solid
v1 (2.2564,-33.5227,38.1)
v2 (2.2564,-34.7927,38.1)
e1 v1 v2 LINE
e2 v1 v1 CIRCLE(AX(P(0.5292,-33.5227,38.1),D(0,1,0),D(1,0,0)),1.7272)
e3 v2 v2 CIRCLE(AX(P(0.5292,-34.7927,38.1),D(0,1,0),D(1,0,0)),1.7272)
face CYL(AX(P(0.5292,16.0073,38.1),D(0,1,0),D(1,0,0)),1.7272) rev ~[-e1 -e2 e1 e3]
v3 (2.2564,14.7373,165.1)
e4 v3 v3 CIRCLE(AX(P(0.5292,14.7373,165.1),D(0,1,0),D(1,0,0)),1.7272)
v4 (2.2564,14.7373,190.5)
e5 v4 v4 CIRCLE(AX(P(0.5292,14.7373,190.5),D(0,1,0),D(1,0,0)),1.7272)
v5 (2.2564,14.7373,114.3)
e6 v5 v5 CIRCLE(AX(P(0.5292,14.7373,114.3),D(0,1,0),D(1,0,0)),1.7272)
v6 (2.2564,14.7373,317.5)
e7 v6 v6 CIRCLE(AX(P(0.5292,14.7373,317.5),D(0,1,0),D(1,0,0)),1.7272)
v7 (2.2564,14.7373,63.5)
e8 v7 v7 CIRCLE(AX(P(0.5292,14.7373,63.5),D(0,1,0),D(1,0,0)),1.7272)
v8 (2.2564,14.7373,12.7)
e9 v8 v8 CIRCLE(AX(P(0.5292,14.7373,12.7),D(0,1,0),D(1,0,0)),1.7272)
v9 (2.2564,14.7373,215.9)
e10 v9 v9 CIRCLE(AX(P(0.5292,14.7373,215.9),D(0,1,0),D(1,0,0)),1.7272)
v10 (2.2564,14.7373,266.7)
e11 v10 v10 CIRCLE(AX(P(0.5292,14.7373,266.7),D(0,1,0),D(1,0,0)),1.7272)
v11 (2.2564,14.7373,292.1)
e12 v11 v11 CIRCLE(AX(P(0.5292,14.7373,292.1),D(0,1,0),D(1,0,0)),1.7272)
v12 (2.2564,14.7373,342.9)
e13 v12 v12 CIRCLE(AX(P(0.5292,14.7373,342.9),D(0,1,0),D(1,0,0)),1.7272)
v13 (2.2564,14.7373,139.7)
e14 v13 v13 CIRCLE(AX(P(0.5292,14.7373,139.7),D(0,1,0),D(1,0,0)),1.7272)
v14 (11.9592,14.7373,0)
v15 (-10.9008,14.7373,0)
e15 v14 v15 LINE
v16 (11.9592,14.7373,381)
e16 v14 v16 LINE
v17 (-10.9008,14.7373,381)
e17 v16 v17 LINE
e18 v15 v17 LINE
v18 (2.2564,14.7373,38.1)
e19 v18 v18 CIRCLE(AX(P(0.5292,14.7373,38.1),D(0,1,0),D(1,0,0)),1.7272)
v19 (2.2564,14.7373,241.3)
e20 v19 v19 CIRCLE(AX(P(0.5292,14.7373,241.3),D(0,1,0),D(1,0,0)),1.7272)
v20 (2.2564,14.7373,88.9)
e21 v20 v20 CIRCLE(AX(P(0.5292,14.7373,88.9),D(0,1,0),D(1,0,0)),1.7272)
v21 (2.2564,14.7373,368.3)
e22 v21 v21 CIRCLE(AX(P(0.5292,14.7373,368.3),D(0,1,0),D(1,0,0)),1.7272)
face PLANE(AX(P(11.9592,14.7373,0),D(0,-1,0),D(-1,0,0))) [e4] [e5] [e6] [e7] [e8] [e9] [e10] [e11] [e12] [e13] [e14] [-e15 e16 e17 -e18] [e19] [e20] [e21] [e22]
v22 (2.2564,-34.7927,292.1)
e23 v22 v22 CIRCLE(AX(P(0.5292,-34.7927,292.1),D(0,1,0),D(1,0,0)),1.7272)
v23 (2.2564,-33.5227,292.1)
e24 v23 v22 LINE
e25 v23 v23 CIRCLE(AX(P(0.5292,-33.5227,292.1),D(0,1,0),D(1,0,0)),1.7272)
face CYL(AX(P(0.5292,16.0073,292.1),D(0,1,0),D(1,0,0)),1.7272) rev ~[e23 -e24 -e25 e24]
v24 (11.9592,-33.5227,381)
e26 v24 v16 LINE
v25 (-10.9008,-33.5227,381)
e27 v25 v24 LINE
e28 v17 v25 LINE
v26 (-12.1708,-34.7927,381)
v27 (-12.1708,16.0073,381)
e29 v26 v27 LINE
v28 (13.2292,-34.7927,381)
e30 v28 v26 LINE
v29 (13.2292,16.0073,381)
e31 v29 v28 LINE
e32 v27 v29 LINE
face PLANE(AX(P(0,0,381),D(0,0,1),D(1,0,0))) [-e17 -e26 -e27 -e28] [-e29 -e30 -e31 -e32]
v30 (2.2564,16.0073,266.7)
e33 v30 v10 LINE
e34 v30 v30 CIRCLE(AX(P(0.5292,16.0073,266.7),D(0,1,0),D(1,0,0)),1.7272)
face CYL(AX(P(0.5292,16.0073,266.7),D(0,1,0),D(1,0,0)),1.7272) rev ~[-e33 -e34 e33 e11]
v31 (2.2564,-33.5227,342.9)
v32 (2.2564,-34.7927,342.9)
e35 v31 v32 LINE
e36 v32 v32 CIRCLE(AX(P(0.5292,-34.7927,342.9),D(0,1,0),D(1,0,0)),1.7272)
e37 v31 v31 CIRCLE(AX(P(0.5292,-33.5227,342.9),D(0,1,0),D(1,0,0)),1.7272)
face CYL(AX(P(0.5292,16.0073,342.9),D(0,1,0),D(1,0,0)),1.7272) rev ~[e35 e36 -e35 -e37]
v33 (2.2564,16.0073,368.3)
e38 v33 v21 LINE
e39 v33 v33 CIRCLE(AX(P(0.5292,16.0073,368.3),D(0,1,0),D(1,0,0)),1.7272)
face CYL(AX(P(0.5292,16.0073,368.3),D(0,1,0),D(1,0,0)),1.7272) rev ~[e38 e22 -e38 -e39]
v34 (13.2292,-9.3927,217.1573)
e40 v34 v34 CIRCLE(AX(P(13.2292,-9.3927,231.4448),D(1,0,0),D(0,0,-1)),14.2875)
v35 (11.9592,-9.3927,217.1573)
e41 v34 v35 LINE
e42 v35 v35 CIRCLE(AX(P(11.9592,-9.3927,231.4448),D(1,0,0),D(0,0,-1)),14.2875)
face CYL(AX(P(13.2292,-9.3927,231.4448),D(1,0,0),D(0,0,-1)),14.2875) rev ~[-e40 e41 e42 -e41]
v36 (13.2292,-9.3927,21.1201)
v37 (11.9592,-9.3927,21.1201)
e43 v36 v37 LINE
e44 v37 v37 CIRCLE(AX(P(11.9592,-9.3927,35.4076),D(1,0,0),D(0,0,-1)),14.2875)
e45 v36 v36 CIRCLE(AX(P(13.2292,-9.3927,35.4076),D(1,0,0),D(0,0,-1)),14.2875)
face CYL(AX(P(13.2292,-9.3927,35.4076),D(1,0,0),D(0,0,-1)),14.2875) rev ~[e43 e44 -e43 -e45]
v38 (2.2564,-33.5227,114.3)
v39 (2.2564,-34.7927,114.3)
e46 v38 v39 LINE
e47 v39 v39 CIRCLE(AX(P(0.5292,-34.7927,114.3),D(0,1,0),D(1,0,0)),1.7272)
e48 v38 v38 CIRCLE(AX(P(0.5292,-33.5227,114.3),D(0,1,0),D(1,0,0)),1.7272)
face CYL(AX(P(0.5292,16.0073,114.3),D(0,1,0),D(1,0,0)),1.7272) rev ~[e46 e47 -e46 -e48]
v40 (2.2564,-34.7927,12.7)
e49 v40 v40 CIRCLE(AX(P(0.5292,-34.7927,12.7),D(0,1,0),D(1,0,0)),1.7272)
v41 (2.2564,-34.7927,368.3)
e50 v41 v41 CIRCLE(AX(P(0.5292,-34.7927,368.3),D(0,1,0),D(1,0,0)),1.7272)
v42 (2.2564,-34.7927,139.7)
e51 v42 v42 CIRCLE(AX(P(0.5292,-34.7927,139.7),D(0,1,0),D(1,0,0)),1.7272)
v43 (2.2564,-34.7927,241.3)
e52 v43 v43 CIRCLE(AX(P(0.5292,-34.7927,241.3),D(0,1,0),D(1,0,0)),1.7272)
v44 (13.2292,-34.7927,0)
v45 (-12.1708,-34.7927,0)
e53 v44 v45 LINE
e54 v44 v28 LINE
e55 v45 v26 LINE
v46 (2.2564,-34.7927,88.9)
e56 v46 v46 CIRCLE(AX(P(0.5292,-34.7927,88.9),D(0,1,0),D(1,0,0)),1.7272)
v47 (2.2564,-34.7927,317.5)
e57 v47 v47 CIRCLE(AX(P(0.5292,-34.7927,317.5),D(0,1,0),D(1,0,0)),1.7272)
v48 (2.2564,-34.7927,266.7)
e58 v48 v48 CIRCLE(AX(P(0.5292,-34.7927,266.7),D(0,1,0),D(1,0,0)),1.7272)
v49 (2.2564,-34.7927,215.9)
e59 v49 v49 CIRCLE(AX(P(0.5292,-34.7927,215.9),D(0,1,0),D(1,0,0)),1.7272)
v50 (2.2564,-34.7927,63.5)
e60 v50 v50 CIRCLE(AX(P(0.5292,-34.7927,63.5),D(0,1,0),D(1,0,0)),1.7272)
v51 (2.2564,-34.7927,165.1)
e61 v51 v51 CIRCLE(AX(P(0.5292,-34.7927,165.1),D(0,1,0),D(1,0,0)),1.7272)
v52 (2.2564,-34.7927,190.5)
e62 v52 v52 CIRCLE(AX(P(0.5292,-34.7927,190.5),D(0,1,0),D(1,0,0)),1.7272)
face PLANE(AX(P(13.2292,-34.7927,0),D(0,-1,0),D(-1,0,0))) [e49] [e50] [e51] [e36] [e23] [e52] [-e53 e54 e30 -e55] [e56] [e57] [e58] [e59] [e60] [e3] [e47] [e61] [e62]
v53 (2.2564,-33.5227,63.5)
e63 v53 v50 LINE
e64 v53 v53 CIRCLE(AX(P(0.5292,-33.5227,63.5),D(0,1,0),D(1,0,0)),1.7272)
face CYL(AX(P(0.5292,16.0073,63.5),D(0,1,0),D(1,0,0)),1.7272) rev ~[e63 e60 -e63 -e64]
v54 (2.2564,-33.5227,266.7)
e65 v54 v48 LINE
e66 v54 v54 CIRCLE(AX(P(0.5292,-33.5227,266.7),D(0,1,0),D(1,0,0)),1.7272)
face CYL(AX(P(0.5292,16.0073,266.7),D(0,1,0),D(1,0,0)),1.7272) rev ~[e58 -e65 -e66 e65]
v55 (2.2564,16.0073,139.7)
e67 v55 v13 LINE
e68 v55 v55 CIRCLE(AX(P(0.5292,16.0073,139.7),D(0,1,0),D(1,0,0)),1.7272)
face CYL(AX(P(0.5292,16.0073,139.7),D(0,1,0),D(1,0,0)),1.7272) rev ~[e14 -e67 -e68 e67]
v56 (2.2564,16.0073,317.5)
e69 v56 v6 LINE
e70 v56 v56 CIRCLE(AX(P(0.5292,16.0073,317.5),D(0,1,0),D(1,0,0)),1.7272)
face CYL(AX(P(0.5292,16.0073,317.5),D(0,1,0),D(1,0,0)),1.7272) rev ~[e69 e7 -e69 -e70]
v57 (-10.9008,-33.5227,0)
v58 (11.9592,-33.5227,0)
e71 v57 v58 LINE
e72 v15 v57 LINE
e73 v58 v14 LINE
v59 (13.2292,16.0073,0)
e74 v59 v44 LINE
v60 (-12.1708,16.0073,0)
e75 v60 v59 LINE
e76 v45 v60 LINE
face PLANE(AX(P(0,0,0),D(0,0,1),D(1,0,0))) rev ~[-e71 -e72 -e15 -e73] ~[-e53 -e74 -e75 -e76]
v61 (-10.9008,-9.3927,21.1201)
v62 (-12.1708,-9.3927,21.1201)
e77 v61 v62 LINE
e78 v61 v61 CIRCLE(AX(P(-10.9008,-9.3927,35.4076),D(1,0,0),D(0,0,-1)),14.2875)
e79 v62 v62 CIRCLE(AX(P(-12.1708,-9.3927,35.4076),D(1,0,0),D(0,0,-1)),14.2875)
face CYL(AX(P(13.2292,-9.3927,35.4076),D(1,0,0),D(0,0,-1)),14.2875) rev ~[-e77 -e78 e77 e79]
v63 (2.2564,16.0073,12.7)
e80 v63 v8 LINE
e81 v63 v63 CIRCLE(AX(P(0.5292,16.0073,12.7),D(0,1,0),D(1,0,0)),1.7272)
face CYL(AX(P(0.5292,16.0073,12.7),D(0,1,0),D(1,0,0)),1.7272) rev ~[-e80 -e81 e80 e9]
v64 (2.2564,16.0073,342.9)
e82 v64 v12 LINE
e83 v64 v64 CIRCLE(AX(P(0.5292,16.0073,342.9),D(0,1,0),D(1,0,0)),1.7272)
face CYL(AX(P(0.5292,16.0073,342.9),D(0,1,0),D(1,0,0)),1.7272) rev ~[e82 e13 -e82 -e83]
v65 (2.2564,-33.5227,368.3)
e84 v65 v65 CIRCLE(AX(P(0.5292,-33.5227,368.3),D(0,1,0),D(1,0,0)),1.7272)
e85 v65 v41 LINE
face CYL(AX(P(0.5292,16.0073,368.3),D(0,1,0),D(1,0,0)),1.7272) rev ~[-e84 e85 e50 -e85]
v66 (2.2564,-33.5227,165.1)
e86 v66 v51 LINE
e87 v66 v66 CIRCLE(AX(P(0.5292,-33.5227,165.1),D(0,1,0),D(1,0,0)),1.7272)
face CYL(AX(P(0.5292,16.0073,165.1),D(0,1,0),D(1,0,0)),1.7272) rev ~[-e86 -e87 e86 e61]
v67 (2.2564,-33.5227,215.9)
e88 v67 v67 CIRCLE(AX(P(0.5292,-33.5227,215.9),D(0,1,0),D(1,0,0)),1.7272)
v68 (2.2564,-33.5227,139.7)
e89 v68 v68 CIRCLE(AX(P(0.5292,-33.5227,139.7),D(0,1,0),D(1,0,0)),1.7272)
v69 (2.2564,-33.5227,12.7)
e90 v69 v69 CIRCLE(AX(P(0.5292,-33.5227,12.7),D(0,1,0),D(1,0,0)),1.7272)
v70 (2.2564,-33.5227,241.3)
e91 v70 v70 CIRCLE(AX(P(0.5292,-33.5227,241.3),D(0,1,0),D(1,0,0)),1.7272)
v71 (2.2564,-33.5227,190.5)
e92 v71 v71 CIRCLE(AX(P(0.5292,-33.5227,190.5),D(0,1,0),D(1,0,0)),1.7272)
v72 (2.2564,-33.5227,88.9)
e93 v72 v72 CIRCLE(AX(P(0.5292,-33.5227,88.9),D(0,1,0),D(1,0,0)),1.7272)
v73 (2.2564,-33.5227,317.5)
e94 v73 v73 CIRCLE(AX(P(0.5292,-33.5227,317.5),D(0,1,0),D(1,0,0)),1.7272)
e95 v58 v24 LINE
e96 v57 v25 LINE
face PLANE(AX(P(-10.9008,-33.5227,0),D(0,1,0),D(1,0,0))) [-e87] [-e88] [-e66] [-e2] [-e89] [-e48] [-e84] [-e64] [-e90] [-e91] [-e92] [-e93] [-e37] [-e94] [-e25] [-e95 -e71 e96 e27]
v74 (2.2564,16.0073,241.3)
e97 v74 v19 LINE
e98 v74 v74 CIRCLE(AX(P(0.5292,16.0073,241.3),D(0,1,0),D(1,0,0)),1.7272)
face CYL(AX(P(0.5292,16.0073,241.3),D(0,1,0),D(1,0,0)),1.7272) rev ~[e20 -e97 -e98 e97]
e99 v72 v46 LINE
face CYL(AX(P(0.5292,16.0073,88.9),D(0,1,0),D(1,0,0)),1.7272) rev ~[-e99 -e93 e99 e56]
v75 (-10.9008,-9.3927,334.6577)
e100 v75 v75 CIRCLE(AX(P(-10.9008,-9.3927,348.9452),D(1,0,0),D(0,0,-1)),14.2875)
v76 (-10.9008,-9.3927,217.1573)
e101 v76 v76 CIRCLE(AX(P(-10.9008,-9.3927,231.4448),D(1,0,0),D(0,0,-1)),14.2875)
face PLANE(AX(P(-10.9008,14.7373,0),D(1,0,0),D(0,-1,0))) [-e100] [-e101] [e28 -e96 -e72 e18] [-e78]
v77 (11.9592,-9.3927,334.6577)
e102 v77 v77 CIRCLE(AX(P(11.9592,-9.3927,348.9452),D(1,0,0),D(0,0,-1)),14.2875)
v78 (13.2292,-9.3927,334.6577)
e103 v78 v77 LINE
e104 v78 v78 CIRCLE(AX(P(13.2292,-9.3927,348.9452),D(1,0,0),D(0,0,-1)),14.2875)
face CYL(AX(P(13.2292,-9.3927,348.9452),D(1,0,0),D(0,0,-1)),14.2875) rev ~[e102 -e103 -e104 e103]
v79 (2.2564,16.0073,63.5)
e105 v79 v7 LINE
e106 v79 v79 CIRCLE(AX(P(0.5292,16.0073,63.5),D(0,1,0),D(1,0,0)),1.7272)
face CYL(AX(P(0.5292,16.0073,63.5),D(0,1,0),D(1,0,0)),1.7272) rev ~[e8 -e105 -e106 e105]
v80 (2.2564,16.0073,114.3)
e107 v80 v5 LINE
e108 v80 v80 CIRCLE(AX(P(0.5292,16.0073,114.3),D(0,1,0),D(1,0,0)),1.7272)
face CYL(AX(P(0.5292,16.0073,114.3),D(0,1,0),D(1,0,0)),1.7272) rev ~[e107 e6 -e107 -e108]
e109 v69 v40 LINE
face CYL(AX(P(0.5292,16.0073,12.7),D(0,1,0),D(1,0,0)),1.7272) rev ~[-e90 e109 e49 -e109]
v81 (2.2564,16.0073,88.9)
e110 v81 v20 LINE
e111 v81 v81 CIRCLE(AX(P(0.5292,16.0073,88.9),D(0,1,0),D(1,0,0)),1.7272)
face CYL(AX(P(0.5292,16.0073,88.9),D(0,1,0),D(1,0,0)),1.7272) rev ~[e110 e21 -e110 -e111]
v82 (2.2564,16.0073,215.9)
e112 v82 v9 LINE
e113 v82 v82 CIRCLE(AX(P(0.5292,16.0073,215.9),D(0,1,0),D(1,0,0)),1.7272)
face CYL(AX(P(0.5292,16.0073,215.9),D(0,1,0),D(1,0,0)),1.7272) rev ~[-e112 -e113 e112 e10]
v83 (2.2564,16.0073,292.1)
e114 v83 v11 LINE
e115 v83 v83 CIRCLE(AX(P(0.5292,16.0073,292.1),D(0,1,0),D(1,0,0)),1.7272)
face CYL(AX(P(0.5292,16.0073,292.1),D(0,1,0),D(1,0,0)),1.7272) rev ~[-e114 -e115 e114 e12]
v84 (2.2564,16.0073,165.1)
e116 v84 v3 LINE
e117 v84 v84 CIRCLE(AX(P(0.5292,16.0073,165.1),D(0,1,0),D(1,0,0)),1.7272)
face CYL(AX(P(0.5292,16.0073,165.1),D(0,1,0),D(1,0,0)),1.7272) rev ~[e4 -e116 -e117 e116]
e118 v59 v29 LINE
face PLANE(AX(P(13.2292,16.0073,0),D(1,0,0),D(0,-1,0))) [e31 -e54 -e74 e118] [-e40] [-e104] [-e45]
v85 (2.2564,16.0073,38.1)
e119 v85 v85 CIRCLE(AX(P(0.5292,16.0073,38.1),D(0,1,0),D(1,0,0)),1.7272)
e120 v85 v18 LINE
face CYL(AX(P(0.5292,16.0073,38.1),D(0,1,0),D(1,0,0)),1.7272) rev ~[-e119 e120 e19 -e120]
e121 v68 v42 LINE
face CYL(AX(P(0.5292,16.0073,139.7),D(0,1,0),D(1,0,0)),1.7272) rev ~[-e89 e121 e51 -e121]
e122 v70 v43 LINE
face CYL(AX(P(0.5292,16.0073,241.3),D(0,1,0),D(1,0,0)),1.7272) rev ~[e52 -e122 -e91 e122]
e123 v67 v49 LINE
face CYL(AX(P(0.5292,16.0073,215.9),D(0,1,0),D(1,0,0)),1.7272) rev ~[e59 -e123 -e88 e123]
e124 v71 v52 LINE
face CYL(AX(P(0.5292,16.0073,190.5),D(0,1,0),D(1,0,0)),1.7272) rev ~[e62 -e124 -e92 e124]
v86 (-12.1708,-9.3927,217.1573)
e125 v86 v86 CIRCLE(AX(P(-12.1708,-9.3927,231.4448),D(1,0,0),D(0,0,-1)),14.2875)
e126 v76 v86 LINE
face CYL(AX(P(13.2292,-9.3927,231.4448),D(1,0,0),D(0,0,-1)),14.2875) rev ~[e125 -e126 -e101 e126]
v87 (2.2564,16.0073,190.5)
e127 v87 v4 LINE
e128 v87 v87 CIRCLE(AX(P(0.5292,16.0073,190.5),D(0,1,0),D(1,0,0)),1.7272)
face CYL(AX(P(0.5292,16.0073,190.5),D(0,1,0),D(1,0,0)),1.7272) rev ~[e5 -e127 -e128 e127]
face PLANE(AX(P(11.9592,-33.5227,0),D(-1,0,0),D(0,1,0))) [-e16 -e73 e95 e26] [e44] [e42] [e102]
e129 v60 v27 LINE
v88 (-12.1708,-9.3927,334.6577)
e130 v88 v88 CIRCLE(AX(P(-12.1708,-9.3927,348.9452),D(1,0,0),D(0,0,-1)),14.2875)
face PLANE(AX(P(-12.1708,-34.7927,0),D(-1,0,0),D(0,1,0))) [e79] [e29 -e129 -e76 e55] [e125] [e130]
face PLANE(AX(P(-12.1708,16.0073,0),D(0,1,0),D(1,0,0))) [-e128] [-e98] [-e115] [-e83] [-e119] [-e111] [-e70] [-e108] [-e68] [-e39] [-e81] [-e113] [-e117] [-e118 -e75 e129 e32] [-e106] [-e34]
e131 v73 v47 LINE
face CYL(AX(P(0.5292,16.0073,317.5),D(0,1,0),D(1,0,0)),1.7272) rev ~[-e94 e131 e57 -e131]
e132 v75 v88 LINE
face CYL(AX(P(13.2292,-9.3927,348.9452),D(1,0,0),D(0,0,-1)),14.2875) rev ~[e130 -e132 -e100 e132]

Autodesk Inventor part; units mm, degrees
ref_plane "YZ Plane" through (0, 0, 0) normal (1, 0, 0) x (0, 1, 0)
ref_plane "XZ Plane" through (0, 0, 0) normal (0, 1, 0) x (-1, 0, 0)
ref_plane "XY Plane" through (0, 0, 0) normal (0, 0, 1) x (1, 0, 0)
sketch "Sketch1" plane through (0, 0, 0) normal (0, 0, 1) x (1, 0, 0)
  line L0 (-12.1708, 16.0073) -> (13.2292, 16.0073)
  line L1 (13.2292, 16.0073) -> (13.2292, -34.7927)
  line L2 (13.2292, -34.7927) -> (-12.1708, -34.7927)
  line L3 (-12.1708, -34.7927) -> (-12.1708, 16.0073)
  line L4 (11.9592, 14.7373) -> (-10.9008, 14.7373)
  line L5 (-10.9008, 14.7373) -> (-10.9008, -33.5227)
  line L6 (-10.9008, -33.5227) -> (11.9592, -33.5227)
  line L7 (11.9592, -33.5227) -> (11.9592, 14.7373)
  point P0 (0, 0)
  dimension "d0" = 25.4
  dimension "d1" = 50.8
  dimension "d2" = 1.27
extrude "Extrusion1" add sketch "Sketch1" along normal blind 381
sketch "Sketch2" plane through (-12.1708, 16.0073, 0) normal (0, 1, 0) x (1, 0, 0)
  circle A0 centre (12.7, -12.7) radius 1.7272
  line L0 (25.4, 0) -> (0, 0) projected
  line L1 (0, 0) -> (0, -381) projected
  point P0 (12.1708, 0)
  dimension "d5" = 3.4544
  dimension "d6" = 12.7
  dimension "d7" = 12.7
extrude "Extrusion2" cut sketch "Sketch2" against normal through all
pattern_linear "Rectangular Pattern1" count 38 spacing 25.4 along (0, 0, 1) of "Extrusion2"
sketch "Sketch5" plane through (13.2292, -34.7927, 0) normal (1, 0, 0) x (0, 0, -1)
  circle A0 centre (-348.9452, 25.4) radius 14.2875
  line L0 (-381, 0) -> (-381, 50.8) projected
  line L1 (0, 50.8) -> (-381, 50.8) projected
  circle A1 centre (-231.4448, 25.4) radius 14.2875
  circle A2 centre (-35.4076, 25.4) radius 14.2875
  point P0 (0, 34.7927)
  dimension "d46" = 28.575
  dimension "d47" = 32.0548
  dimension "d48" = 25.4
  dimension "d49" = 28.575
  dimension "d50" = 149.5552
  dimension "d51" = 25.4
  dimension "d52" = 28.575
  dimension "d53" = 345.5924
  dimension "d54" = 25.4
extrude "Extrusion5" cut sketch "Sketch5" against normal through all
equation "\"d3\" = d13"
equation "\"d10\" = d14"
equation "\"d13\" = 381"
equation "\"d14\" = d13"
equation "\"d32\" = 101.6"
properties part number "VersaFrame 28in"
